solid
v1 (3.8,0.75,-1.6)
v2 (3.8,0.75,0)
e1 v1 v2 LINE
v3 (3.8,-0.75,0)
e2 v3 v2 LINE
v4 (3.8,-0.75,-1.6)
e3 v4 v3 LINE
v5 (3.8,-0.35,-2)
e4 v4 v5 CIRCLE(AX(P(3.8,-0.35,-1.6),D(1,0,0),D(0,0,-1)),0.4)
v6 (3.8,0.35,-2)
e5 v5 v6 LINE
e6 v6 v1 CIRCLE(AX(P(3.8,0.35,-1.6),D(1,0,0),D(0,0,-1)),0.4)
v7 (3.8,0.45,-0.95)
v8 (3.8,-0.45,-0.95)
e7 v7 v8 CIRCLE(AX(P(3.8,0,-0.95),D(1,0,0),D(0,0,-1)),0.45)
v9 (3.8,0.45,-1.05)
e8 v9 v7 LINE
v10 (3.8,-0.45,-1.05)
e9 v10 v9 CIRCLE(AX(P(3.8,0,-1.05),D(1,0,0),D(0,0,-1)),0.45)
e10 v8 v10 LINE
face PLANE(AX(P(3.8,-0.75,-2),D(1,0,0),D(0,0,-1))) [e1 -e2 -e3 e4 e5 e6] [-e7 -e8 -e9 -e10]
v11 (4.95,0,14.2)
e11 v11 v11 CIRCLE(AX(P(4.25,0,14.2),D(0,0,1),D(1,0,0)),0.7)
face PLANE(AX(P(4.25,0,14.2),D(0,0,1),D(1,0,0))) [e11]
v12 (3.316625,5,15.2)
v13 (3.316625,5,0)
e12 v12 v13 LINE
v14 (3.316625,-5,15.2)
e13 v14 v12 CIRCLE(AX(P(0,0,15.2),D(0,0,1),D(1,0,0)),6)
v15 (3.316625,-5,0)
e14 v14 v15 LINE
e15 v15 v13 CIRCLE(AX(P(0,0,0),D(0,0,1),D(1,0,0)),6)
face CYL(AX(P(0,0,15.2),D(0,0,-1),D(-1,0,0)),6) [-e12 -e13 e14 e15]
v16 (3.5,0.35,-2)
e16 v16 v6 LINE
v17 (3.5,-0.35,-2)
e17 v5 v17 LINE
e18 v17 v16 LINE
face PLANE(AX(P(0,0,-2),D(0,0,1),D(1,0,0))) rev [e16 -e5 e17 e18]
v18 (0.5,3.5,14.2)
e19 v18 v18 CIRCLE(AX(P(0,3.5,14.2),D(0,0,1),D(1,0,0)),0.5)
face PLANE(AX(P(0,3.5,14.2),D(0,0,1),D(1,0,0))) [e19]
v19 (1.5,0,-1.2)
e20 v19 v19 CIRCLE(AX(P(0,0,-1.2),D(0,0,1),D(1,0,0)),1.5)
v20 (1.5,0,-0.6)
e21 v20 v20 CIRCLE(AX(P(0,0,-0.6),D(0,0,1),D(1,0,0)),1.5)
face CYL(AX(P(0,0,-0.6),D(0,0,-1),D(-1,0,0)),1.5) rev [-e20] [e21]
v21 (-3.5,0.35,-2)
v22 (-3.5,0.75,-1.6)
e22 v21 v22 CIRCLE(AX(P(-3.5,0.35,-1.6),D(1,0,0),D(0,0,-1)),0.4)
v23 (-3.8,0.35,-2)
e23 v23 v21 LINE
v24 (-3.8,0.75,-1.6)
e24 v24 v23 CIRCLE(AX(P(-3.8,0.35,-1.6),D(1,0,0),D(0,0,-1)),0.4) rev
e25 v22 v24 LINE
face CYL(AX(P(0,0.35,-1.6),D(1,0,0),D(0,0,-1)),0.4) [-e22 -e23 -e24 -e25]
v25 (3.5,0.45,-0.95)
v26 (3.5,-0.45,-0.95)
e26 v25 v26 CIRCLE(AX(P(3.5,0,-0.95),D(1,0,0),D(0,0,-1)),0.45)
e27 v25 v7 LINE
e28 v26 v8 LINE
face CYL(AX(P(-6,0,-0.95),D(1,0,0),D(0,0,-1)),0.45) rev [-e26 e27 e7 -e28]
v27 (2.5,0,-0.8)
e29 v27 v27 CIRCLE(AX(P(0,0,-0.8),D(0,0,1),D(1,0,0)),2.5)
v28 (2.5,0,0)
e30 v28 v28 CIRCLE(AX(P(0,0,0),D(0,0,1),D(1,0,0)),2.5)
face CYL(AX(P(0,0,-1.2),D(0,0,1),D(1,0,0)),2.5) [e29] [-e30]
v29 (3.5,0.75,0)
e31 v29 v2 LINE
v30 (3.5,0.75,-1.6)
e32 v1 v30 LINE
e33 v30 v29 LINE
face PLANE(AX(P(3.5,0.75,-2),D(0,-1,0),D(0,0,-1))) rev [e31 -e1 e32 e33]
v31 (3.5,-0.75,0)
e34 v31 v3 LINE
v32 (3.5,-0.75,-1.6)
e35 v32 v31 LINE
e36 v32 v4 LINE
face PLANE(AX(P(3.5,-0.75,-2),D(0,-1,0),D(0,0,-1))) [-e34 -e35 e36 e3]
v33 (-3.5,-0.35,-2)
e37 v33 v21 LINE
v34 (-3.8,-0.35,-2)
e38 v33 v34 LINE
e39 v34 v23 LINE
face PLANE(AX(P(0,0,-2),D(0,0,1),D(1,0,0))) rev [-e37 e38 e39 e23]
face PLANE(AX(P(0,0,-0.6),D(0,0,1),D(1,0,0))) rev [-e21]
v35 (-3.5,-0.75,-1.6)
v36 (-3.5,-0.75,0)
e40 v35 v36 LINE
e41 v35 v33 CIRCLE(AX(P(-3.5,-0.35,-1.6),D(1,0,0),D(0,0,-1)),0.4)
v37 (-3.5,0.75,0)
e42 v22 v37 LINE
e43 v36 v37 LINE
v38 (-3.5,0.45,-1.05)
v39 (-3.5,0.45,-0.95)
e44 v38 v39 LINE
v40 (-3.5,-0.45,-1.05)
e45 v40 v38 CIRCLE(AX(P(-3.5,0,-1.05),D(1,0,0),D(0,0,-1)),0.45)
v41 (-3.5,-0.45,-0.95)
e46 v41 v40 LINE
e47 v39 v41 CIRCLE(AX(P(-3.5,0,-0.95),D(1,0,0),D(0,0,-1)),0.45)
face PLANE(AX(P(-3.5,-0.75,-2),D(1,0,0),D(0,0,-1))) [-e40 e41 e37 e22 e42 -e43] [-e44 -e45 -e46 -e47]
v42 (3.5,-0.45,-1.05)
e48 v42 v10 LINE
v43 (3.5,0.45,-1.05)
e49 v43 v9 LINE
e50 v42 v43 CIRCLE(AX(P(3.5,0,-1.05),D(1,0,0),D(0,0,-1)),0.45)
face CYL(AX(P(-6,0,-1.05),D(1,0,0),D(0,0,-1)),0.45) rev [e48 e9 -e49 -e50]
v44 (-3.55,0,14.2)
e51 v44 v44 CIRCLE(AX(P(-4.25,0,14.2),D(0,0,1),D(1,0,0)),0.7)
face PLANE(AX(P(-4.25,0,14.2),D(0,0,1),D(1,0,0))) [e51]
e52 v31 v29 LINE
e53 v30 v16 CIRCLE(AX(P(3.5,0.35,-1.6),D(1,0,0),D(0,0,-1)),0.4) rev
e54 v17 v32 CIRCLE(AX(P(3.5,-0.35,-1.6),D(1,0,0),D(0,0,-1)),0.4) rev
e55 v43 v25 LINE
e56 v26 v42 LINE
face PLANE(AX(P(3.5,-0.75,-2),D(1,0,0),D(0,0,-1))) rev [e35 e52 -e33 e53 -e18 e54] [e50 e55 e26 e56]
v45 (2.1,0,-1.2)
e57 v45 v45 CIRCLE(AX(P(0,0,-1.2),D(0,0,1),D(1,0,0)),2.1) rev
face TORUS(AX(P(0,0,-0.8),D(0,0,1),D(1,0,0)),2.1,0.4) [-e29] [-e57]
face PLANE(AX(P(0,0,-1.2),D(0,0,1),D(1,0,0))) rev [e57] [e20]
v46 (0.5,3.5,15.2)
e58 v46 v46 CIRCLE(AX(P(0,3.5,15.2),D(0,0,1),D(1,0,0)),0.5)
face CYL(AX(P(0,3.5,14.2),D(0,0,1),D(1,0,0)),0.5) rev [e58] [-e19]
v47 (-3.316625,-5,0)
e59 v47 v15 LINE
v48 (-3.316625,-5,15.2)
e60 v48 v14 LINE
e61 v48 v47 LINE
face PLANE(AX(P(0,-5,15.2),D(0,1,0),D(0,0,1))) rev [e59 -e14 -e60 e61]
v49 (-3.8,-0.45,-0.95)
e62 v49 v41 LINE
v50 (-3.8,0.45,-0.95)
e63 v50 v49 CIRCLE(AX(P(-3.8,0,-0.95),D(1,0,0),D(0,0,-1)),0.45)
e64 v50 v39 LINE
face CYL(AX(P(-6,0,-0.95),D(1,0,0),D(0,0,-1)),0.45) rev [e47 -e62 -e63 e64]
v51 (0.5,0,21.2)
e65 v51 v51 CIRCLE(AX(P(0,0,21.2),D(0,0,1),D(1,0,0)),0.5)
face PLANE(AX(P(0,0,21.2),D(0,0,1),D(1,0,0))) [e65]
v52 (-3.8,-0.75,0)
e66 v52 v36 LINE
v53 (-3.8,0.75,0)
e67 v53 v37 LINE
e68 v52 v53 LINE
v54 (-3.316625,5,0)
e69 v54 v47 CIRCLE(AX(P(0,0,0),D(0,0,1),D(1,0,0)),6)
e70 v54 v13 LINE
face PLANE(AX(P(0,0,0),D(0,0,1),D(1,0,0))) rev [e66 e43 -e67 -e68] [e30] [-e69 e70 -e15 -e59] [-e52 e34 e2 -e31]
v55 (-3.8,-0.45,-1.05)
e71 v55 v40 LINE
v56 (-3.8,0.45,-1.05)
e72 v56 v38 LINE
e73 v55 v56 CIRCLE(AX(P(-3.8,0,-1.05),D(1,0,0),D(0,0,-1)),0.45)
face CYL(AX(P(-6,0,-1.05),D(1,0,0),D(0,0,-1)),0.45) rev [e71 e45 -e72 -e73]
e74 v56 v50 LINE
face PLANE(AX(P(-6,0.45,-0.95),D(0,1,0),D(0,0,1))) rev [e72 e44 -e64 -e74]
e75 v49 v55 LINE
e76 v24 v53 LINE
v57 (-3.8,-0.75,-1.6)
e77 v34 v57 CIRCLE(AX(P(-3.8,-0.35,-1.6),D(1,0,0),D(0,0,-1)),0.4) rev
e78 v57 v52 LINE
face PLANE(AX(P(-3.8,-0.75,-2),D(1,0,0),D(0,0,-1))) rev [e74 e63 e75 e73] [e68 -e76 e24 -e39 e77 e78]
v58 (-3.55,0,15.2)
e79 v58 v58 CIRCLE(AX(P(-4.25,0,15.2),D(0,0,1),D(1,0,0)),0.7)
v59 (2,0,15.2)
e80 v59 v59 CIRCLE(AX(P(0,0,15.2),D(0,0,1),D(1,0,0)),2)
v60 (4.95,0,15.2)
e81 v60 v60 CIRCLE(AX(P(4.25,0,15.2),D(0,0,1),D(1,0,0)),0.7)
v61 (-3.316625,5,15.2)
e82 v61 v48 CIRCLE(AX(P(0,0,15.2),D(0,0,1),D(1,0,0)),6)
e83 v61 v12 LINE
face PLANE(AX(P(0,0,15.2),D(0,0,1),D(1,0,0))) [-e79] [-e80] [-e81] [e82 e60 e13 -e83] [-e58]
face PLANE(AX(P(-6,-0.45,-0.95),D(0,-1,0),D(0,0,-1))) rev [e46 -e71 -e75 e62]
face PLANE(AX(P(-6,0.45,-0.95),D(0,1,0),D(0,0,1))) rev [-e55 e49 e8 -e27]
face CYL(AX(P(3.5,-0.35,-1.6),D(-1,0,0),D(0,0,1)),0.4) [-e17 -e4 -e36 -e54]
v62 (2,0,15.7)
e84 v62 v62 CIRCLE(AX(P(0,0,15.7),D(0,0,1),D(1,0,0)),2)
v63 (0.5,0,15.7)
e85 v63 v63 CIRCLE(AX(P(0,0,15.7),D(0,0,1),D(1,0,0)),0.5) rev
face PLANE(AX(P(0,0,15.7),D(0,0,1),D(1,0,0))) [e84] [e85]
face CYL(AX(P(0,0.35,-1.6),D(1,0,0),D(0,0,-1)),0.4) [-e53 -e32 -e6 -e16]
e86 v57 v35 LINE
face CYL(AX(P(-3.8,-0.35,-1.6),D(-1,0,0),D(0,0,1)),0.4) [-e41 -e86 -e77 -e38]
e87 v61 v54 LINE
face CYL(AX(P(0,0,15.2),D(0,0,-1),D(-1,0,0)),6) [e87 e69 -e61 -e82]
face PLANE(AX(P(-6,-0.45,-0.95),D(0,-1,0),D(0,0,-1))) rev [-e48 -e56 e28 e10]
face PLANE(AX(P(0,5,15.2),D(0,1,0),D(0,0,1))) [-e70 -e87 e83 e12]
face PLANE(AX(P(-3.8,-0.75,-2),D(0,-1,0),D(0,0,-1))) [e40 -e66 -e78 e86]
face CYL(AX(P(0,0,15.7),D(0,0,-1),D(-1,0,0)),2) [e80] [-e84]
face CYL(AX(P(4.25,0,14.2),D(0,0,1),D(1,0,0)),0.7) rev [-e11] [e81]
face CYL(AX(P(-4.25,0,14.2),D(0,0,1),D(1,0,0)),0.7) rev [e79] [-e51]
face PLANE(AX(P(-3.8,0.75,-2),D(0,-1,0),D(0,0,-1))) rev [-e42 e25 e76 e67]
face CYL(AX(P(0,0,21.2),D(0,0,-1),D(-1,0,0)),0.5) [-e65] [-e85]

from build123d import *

# Parameters (mm, degrees)
SKETCH_1_W          = 0.3
SKETCH_1_H          = 1.5
SKETCH_1_R          = 2.5
SKETCH_1_R_2        = 1.5
EXTRUDE_1_DEPTH     = 15.2
SKETCH_1_4_W        = 0.3
SKETCH_1_4_H        = 1.5
EXTRUDE_2_DEPTH     = 2
CUT_EXTRUDE_2_DEPTH = 19.763794925
FILLET_1_R          = 0.4
SKETCH_1_5_R        = 2.5
SKETCH_1_5_R_2      = 1.5
EXTRUDE_3_DEPTH     = 1.2
CUT_EXTRUDE_START   = -1.2
SKETCH_1_7_R        = 1.5
CUT_EXTRUDE_1_DEPTH = 0.6
FILLET_2_R          = 0.4
SKETCH_3_R          = 2
EXTRUDE_4_DEPTH     = 0.5
SKETCH_3_3_R        = 0.5
EXTRUDE_5_DEPTH     = 6
SKETCH_4_R          = 0.7
SKETCH_4_R_2        = 0.5
CUT_EXTRUDE_3_DEPTH = 1


with BuildPart() as part:
    # 草图1 → 凸台-拉伸1 (new body)
    # profile 1 of 5: a face of its own
    with BuildSketch(Plane.XY):
        with BuildLine():
            ThreePointArc((-6, 0), (-5.286764074, -2.837274331), (-3.31662479, -5))
            Line((-3.31662479, -5), (3.31662479, -5))
            ThreePointArc((3.31662479, -5), (5.286764074, -2.837274331), (6, 0))
            ThreePointArc((6, 0), (5.286764074, 2.837274331), (3.31662479, 5))
            Line((3.31662479, 5), (-3.31662479, 5))
            ThreePointArc((-3.31662479, 5), (-5.286764074, 2.837274331), (-6, 0))
        make_face()
        with Locations((-3.65, 0)):
            Rectangle(SKETCH_1_W, SKETCH_1_H, mode=Mode.SUBTRACT)
        Circle(SKETCH_1_R, mode=Mode.SUBTRACT)
        with Locations((3.65, 0)):
            Rectangle(SKETCH_1_W, SKETCH_1_H, mode=Mode.SUBTRACT)
    # profile 2 of 5: a face of its own
    with BuildSketch(Plane.XY):
        Circle(SKETCH_1_R)
        Circle(SKETCH_1_R_2, mode=Mode.SUBTRACT)
    # profile 3 of 5: a face of its own
    with BuildSketch(Plane.XY):
        Circle(SKETCH_1_R_2)
    # profile 4 of 5: a face of its own
    with BuildSketch(Plane.XY):
        with Locations((3.65, 0)):
            Rectangle(SKETCH_1_W, SKETCH_1_H)
    # profile 5 of 5: a face of its own
    with BuildSketch(Plane.XY):
        with Locations((-3.65, 0)):
            Rectangle(SKETCH_1_W, SKETCH_1_H)
    extrude(amount=EXTRUDE_1_DEPTH)

    # 草图1<4> → 凸台-拉伸2 (add)
    with BuildSketch(Plane.XY):
        with Locations((3.65, 0)):
            Rectangle(SKETCH_1_4_W, SKETCH_1_4_H)
        with Locations((-3.65, 0)):
            Rectangle(SKETCH_1_4_W, SKETCH_1_4_H)
    extrude(amount=-EXTRUDE_2_DEPTH)

    # 草图2 → 切除-拉伸2 (cut, through all)
    with BuildSketch(Plane(origin=(3.8, 0, 0), x_dir=(0, 0, -1), z_dir=(1, 0, 0))):
        with BuildLine():
            Line((0.95, 0.45), (1.05, 0.45))
            ThreePointArc((1.05, 0.45), (1.5, 0), (1.05, -0.45))
            Line((1.05, -0.45), (0.95, -0.45))
            ThreePointArc((0.95, -0.45), (0.5, 0), (0.95, 0.45))
        make_face()
    extrude(amount=-CUT_EXTRUDE_2_DEPTH, mode=Mode.SUBTRACT)

    # 圆角1
    fillet_1_edges = [part.edges().sort_by_distance(p)[0] for p in [
        (3.65, -0.75, -2),
        (3.65, 0.75, -2),
        (-3.65, -0.75, -2),
        (-3.65, 0.75, -2),
    ]]
    fillet(fillet_1_edges, radius=FILLET_1_R)

    # 草图1<5> → 凸台-拉伸3 (add)
    # profile 1 of 2: a face of its own
    with BuildSketch(Plane.XY):
        Circle(SKETCH_1_5_R)
        Circle(SKETCH_1_5_R_2, mode=Mode.SUBTRACT)
    # profile 2 of 2: a face of its own
    with BuildSketch(Plane.XY):
        Circle(SKETCH_1_5_R_2)
    extrude(amount=-EXTRUDE_3_DEPTH)

    # 草图1<7> → 切除-拉伸1 (cut)
    with BuildSketch(Plane.XY.offset(CUT_EXTRUDE_START)):
        Circle(SKETCH_1_7_R)
    extrude(amount=CUT_EXTRUDE_1_DEPTH, mode=Mode.SUBTRACT)

    # 圆角2
    fillet_2_edges = [part.edges().sort_by_distance(p)[0] for p in [
        (-2.5, 0, -1.2),
    ]]
    fillet(fillet_2_edges, radius=FILLET_2_R)

    # 草图3 → 凸台-拉伸4 (add)
    with BuildSketch(Plane.XY.offset(15.2)):
        Circle(SKETCH_3_R)
    extrude(amount=EXTRUDE_4_DEPTH)

    # 草图3<3> → 凸台-拉伸5 (add)
    with BuildSketch(Plane.XY.offset(15.2)):
        Circle(SKETCH_3_3_R)
    extrude(amount=EXTRUDE_5_DEPTH)

    # 草图4 → 切除-拉伸3 (cut)
    with BuildSketch(Plane.XY.offset(15.2)):
        with Locations((-4.25, 0)):
            Circle(SKETCH_4_R)
        with Locations((4.25, 0)):
            Circle(SKETCH_4_R)
        with Locations((0, 3.5)):
            Circle(SKETCH_4_R_2)
    extrude(amount=-CUT_EXTRUDE_3_DEPTH, mode=Mode.SUBTRACT)


solid = part.part
